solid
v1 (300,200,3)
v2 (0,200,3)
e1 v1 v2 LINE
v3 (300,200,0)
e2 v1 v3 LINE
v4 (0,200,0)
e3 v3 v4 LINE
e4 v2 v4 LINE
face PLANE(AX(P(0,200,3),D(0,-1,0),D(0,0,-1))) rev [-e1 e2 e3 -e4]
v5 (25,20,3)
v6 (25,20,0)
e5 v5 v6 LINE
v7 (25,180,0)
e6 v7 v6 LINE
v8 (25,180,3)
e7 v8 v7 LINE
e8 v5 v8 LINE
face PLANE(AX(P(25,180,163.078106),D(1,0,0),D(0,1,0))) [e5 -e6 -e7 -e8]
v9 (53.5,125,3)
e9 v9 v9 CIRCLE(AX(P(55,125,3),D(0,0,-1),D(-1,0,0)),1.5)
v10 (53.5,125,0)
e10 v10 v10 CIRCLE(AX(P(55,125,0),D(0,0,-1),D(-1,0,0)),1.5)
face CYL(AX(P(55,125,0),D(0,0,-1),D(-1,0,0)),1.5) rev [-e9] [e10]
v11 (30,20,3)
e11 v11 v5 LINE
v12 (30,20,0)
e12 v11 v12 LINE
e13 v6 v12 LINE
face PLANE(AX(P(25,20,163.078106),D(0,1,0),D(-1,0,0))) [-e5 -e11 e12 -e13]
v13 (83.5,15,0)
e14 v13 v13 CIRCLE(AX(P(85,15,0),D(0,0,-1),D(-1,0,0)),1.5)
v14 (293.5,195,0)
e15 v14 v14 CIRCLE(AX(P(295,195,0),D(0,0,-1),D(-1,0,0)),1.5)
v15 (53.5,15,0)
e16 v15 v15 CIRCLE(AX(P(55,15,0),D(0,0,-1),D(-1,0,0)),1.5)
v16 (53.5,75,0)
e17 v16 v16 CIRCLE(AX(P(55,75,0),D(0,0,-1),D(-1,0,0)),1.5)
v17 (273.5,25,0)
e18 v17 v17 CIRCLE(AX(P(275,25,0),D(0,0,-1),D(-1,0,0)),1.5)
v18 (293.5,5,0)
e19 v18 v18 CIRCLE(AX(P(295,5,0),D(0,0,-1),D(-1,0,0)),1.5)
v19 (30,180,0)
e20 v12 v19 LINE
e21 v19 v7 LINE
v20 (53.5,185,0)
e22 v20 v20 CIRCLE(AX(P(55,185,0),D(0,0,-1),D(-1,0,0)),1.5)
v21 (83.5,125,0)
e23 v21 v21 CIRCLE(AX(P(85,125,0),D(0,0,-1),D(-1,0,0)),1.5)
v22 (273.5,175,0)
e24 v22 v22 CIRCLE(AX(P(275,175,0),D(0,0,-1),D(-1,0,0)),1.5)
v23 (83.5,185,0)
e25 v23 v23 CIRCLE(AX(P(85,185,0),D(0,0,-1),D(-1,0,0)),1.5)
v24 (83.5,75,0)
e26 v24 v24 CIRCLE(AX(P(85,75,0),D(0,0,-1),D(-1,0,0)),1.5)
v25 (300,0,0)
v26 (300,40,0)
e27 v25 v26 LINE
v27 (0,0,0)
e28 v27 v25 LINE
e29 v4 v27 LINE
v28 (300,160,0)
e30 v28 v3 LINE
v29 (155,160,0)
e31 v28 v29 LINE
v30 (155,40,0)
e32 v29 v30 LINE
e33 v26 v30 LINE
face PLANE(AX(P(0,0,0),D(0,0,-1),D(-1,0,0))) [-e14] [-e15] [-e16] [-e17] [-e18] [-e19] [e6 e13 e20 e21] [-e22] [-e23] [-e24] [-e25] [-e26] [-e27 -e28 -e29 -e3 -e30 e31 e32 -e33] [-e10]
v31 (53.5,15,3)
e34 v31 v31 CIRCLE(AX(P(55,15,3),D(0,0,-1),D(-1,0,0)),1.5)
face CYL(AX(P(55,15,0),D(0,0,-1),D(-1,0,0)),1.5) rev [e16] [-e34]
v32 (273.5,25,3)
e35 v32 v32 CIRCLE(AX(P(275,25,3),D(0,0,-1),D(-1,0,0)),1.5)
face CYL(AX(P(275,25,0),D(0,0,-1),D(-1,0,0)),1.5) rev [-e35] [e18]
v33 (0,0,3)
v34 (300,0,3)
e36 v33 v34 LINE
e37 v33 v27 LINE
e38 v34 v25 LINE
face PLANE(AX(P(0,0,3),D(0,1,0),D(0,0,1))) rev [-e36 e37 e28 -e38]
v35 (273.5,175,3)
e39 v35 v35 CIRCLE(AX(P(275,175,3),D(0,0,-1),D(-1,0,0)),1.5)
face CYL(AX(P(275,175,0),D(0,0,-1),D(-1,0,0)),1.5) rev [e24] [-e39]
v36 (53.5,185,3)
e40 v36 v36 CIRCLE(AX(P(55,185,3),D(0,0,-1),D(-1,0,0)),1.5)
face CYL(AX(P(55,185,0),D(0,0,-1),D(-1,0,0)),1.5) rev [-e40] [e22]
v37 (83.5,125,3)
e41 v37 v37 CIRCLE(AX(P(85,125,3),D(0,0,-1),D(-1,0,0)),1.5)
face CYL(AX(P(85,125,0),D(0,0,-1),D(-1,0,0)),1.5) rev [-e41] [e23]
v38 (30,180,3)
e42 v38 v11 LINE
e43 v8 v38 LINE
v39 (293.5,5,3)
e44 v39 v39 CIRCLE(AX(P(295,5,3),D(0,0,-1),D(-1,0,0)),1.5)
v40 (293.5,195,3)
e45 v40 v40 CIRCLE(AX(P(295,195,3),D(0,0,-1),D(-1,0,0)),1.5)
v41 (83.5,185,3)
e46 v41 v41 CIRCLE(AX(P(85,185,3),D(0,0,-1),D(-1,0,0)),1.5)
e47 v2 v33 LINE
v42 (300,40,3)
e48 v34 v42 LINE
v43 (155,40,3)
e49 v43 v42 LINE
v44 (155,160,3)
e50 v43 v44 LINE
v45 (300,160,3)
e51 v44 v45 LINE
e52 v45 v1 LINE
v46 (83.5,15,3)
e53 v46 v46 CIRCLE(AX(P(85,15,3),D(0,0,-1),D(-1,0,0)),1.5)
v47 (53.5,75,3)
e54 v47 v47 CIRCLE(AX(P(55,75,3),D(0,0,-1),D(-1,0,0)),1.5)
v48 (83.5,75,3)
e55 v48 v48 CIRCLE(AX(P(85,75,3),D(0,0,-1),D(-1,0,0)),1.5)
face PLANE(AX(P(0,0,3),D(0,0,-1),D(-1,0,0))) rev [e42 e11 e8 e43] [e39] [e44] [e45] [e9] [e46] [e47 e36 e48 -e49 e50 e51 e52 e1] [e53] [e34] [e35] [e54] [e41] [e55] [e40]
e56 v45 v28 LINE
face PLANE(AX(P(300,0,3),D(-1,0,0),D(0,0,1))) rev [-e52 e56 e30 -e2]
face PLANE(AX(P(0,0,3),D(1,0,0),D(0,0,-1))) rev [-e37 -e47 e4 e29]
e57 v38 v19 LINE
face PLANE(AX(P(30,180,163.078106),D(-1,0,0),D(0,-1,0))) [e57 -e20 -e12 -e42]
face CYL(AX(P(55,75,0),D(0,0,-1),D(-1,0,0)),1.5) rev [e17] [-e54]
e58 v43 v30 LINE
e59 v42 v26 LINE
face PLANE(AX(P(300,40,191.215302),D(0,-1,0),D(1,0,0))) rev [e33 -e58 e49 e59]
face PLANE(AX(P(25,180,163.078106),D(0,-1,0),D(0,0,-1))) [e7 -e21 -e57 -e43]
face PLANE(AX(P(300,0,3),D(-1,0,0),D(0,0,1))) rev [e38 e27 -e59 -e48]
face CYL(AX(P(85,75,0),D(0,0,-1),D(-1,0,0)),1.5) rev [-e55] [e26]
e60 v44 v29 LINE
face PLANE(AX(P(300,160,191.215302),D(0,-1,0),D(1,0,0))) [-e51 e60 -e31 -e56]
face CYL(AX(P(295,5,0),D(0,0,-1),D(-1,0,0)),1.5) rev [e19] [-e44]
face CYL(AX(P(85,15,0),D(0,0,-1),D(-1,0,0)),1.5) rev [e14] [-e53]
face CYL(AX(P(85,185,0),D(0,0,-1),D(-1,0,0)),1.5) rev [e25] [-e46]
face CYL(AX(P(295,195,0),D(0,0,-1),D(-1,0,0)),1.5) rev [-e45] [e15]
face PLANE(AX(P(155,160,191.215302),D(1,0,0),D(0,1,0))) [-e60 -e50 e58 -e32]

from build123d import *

# Parameters (mm, degrees)
SKETCH1_W             = 300
SKETCH1_H             = 200
BOSS_EXTRUDE1_DEPTH   = 3
SKETCH2_W             = 145
SKETCH2_H             = 120
CUT_EXTRUDE1_DEPTH    = 3
SKETCH3_W             = 5
SKETCH3_H             = 160
CUT_EXTRUDE2_DEPTH    = 3
F_3_0MM_DOWEL_HOLE1_D = 3


with BuildPart() as part:
    # Sketch1 → Boss-Extrude1 (new body)
    with BuildSketch(Plane.XY):
        with Locations((150, 100)):
            Rectangle(SKETCH1_W, SKETCH1_H)
    extrude(amount=BOSS_EXTRUDE1_DEPTH)

    # Sketch2 → Cut-Extrude1 (cut)
    with BuildSketch(Plane.XY):
        with Locations((227.5, 100)):
            Rectangle(SKETCH2_W, SKETCH2_H)
    extrude(amount=CUT_EXTRUDE1_DEPTH, mode=Mode.SUBTRACT)

    # Sketch3 → Cut-Extrude2 (cut)
    with BuildSketch(Plane.XY):
        with Locations((27.5, 100)):
            Rectangle(SKETCH3_W, SKETCH3_H)
    extrude(amount=CUT_EXTRUDE2_DEPTH, mode=Mode.SUBTRACT)

    # Ø3.0mm Dowel Hole1 (through all)
    with Locations(Plane(origin=(0, 0, 0), x_dir=(-1, 0, 0), z_dir=(0, 0, -1))):
        with Locations((-85, 75), (-55, 75), (-55, 15), (-85, 15), (-295, 5), (-275, 25), (-85, 185), (-55, 185), (-55, 125), (-85, 125), (-275, 175), (-295, 195)):
            Hole(F_3_0MM_DOWEL_HOLE1_D / 2)


solid = part.part
